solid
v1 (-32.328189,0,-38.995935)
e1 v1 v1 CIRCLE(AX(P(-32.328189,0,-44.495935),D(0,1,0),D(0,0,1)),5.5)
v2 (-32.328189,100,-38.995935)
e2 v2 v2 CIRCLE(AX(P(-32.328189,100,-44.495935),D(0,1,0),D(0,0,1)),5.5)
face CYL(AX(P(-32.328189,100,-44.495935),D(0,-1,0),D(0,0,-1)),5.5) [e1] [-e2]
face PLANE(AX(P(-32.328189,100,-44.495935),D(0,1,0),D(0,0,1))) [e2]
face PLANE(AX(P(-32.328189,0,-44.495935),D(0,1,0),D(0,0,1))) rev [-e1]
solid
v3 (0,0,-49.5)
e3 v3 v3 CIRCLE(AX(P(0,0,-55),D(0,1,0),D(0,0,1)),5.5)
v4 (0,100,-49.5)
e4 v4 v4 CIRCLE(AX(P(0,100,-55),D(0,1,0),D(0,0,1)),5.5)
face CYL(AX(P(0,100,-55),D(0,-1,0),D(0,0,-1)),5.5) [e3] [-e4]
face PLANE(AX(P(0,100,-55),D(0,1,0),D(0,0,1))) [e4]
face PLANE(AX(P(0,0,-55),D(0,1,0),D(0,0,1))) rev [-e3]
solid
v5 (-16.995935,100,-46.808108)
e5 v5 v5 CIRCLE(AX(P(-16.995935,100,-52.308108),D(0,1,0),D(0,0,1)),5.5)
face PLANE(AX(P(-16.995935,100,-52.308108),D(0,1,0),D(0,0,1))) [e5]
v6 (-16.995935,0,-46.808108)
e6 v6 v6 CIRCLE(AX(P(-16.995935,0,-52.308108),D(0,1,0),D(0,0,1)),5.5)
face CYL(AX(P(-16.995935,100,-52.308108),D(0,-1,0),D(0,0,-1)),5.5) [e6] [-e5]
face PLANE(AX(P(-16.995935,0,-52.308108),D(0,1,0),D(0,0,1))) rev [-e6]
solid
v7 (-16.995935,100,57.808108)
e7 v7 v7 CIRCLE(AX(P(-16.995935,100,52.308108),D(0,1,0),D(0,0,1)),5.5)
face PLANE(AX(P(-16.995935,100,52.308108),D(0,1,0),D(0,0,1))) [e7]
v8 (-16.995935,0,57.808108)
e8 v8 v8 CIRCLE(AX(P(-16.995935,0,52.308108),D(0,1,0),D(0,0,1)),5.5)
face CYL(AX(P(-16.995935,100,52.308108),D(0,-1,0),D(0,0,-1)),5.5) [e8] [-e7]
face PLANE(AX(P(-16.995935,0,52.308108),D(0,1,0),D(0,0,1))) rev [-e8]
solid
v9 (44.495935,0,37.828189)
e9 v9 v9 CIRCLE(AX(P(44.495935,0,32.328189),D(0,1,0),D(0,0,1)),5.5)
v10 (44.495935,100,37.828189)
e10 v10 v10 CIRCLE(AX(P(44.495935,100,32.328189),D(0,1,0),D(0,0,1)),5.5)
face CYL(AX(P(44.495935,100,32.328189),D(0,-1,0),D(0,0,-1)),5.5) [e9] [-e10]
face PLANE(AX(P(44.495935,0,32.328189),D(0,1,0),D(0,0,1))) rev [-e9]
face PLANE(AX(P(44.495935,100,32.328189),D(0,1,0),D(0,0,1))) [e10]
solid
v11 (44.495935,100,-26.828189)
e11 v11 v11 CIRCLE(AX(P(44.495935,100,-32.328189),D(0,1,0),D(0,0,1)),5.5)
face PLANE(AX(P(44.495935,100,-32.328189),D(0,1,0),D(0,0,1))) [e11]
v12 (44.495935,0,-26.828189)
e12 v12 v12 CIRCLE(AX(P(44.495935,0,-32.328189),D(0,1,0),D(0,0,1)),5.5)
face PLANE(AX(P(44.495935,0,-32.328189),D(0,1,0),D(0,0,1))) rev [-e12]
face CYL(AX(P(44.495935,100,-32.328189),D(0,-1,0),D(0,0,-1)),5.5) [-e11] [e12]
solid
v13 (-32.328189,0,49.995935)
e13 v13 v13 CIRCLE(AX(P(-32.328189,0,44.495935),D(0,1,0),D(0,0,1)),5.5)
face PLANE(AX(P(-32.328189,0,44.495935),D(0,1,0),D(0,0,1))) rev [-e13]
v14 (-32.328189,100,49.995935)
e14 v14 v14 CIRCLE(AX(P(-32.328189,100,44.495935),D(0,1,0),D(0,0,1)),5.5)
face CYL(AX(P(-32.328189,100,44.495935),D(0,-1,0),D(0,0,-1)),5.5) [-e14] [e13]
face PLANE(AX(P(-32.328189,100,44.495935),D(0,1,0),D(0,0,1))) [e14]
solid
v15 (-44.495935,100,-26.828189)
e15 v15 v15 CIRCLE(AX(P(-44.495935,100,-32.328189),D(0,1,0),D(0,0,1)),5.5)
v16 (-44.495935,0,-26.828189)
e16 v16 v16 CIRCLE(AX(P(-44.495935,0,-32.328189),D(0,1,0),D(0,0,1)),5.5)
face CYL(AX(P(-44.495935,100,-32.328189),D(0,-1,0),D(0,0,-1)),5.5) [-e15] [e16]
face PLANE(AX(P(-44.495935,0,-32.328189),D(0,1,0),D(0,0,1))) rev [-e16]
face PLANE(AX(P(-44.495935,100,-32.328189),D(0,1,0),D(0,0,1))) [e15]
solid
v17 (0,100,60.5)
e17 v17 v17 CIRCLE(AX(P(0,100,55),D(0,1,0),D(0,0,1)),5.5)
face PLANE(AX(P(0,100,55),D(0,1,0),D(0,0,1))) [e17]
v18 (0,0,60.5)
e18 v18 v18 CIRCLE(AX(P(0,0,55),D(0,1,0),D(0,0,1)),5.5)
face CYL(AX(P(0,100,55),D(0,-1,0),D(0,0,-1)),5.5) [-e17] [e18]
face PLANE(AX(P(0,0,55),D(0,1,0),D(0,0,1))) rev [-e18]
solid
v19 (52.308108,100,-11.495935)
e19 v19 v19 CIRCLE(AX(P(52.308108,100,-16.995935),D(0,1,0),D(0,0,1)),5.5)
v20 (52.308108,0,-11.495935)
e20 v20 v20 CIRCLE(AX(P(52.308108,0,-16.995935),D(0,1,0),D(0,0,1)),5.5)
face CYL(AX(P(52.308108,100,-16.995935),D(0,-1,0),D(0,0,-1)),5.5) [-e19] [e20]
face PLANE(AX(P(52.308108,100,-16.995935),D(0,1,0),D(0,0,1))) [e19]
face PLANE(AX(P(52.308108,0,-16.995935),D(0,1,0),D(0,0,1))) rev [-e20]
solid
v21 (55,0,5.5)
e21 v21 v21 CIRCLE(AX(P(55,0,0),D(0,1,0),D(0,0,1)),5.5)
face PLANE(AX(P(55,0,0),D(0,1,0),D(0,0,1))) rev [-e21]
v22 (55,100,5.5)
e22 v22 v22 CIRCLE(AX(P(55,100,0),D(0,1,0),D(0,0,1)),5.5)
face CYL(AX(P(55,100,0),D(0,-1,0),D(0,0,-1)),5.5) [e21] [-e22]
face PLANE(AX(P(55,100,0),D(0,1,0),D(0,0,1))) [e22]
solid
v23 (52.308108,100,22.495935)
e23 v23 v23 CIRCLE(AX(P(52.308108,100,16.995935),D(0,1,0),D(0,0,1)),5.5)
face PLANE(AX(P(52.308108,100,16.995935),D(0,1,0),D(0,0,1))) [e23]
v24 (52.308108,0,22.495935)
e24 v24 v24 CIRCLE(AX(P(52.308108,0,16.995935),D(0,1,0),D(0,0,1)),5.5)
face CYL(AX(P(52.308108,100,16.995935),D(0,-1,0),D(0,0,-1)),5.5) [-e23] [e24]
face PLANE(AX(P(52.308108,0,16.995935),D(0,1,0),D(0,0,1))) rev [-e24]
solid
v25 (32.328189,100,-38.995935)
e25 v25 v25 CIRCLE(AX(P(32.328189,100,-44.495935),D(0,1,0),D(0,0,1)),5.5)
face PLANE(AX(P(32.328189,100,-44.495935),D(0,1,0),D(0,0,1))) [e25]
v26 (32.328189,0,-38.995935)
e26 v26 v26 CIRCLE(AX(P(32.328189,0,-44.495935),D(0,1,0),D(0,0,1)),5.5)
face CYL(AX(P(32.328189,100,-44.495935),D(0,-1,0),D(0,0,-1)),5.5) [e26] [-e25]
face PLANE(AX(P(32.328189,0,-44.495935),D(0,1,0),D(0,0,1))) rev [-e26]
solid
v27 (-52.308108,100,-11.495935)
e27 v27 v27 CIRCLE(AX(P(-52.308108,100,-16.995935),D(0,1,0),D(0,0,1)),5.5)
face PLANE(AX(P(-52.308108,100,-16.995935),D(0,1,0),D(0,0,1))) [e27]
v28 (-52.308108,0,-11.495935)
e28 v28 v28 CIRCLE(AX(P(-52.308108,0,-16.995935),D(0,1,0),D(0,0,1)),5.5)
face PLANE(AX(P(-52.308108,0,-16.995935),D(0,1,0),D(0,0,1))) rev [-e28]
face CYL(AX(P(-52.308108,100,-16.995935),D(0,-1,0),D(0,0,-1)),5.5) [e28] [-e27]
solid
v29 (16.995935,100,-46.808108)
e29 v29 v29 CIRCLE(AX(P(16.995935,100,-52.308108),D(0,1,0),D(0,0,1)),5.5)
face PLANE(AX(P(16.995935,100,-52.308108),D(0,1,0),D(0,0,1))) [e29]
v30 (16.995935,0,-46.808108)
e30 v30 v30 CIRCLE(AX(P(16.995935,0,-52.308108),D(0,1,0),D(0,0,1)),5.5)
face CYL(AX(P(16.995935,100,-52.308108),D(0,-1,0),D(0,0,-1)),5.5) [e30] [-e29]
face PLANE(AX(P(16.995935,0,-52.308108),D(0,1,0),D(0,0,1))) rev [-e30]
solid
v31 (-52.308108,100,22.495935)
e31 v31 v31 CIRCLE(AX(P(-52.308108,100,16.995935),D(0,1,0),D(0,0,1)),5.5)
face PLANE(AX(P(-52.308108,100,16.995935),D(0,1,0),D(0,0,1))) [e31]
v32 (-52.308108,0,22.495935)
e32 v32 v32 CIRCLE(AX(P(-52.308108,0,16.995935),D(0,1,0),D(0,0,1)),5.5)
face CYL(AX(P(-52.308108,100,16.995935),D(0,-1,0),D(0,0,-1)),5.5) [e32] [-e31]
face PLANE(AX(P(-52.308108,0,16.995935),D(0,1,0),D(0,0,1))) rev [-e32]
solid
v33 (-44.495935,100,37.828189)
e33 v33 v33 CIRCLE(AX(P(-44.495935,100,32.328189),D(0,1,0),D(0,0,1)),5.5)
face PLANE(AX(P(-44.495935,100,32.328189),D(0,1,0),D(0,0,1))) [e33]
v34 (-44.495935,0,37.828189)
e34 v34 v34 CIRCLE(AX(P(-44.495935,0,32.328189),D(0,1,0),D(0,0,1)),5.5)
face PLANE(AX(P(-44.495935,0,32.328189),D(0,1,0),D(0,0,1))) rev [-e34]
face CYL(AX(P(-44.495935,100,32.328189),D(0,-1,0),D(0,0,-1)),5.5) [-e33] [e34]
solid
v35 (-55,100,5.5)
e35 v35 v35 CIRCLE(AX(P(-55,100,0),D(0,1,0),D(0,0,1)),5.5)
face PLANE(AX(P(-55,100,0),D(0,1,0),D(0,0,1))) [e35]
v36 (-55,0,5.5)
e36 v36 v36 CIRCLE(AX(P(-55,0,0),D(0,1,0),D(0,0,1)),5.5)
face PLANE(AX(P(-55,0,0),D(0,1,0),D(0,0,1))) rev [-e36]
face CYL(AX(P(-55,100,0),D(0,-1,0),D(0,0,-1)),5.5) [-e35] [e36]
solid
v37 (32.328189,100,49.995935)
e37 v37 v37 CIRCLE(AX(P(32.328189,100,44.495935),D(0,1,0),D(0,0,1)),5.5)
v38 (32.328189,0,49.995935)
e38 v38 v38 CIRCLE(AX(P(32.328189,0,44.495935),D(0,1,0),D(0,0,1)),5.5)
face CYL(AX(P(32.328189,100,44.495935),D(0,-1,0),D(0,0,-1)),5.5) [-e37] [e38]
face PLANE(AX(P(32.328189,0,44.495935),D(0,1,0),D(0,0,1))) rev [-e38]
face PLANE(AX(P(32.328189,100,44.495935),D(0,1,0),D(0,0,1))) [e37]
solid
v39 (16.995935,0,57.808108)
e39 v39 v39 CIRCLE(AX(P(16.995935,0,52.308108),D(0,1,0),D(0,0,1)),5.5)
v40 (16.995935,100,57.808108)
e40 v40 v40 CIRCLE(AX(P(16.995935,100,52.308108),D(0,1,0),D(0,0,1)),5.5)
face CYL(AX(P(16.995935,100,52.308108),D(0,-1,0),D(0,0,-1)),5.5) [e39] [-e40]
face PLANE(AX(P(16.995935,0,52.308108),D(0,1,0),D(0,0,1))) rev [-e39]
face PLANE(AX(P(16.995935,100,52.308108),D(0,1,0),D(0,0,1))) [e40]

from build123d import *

# Parameters (mm, degrees)
SKETCH1_R              = 5.5
BOSS_EXTRUDE1_DEPTH    = 100
BOSS_EXTRUDE1_2_DEPTH  = 100
BOSS_EXTRUDE1_3_DEPTH  = 100
BOSS_EXTRUDE1_4_DEPTH  = 100
BOSS_EXTRUDE1_5_DEPTH  = 100
BOSS_EXTRUDE1_6_DEPTH  = 100
BOSS_EXTRUDE1_7_DEPTH  = 100
BOSS_EXTRUDE1_8_DEPTH  = 100
BOSS_EXTRUDE1_9_DEPTH  = 100
BOSS_EXTRUDE1_10_DEPTH = 100
BOSS_EXTRUDE1_11_DEPTH = 100
BOSS_EXTRUDE1_12_DEPTH = 100
BOSS_EXTRUDE1_13_DEPTH = 100
BOSS_EXTRUDE1_14_DEPTH = 100
BOSS_EXTRUDE1_15_DEPTH = 100
BOSS_EXTRUDE1_16_DEPTH = 100
BOSS_EXTRUDE1_17_DEPTH = 100
BOSS_EXTRUDE1_18_DEPTH = 100
BOSS_EXTRUDE1_19_DEPTH = 100
BOSS_EXTRUDE1_20_DEPTH = 100


with BuildPart() as part:
    # Sketch1 → Boss-Extrude1 (new body)
    with BuildSketch(Plane(origin=(0, 0, 0), x_dir=(1, 0, 0), z_dir=(0, 1, 0))):
        with Locations((55, 0)):
            Circle(SKETCH1_R)
    extrude(amount=BOSS_EXTRUDE1_DEPTH)


with BuildPart() as body_2:
    # Sketch1 → Boss-Extrude1 2 (new body)
    with BuildSketch(Plane(origin=(0, 0, 0), x_dir=(1, 0, 0), z_dir=(0, 1, 0))):
        with Locations((52.308108396, -16.995934691)):
            Circle(SKETCH1_R)
    extrude(amount=BOSS_EXTRUDE1_2_DEPTH)


with BuildPart() as body_3:
    # Sketch1 → Boss-Extrude1 3 (new body)
    with BuildSketch(Plane(origin=(0, 0, 0), x_dir=(1, 0, 0), z_dir=(0, 1, 0))):
        with Locations((44.495934691, -32.328188876)):
            Circle(SKETCH1_R)
    extrude(amount=BOSS_EXTRUDE1_3_DEPTH)


with BuildPart() as body_4:
    # Sketch1 → Boss-Extrude1 4 (new body)
    with BuildSketch(Plane(origin=(0, 0, 0), x_dir=(1, 0, 0), z_dir=(0, 1, 0))):
        with Locations((32.328188876, -44.495934691)):
            Circle(SKETCH1_R)
    extrude(amount=BOSS_EXTRUDE1_4_DEPTH)


with BuildPart() as body_5:
    # Sketch1 → Boss-Extrude1 5 (new body)
    with BuildSketch(Plane(origin=(0, 0, 0), x_dir=(1, 0, 0), z_dir=(0, 1, 0))):
        with Locations((16.995934691, -52.308108396)):
            Circle(SKETCH1_R)
    extrude(amount=BOSS_EXTRUDE1_5_DEPTH)


with BuildPart() as body_6:
    # Sketch1 → Boss-Extrude1 6 (new body)
    with BuildSketch(Plane(origin=(0, 0, 0), x_dir=(1, 0, 0), z_dir=(0, 1, 0))):
        with Locations((0, -55)):
            Circle(SKETCH1_R)
    extrude(amount=BOSS_EXTRUDE1_6_DEPTH)


with BuildPart() as body_7:
    # Sketch1 → Boss-Extrude1 7 (new body)
    with BuildSketch(Plane(origin=(0, 0, 0), x_dir=(1, 0, 0), z_dir=(0, 1, 0))):
        with Locations((-16.995934691, -52.308108396)):
            Circle(SKETCH1_R)
    extrude(amount=BOSS_EXTRUDE1_7_DEPTH)


with BuildPart() as body_8:
    # Sketch1 → Boss-Extrude1 8 (new body)
    with BuildSketch(Plane(origin=(0, 0, 0), x_dir=(1, 0, 0), z_dir=(0, 1, 0))):
        with Locations((-32.328188876, -44.495934691)):
            Circle(SKETCH1_R)
    extrude(amount=BOSS_EXTRUDE1_8_DEPTH)


with BuildPart() as body_9:
    # Sketch1 → Boss-Extrude1 9 (new body)
    with BuildSketch(Plane(origin=(0, 0, 0), x_dir=(1, 0, 0), z_dir=(0, 1, 0))):
        with Locations((-44.495934691, -32.328188876)):
            Circle(SKETCH1_R)
    extrude(amount=BOSS_EXTRUDE1_9_DEPTH)


with BuildPart() as body_10:
    # Sketch1 → Boss-Extrude1 10 (new body)
    with BuildSketch(Plane(origin=(0, 0, 0), x_dir=(1, 0, 0), z_dir=(0, 1, 0))):
        with Locations((-52.308108396, -16.995934691)):
            Circle(SKETCH1_R)
    extrude(amount=BOSS_EXTRUDE1_10_DEPTH)


with BuildPart() as body_11:
    # Sketch1 → Boss-Extrude1 11 (new body)
    with BuildSketch(Plane(origin=(0, 0, 0), x_dir=(1, 0, 0), z_dir=(0, 1, 0))):
        with Locations((-55, 0)):
            Circle(SKETCH1_R)
    extrude(amount=BOSS_EXTRUDE1_11_DEPTH)


with BuildPart() as body_12:
    # Sketch1 → Boss-Extrude1 12 (new body)
    with BuildSketch(Plane(origin=(0, 0, 0), x_dir=(1, 0, 0), z_dir=(0, 1, 0))):
        with Locations((-52.308108396, 16.995934691)):
            Circle(SKETCH1_R)
    extrude(amount=BOSS_EXTRUDE1_12_DEPTH)


with BuildPart() as body_13:
    # Sketch1 → Boss-Extrude1 13 (new body)
    with BuildSketch(Plane(origin=(0, 0, 0), x_dir=(1, 0, 0), z_dir=(0, 1, 0))):
        with Locations((-44.495934691, 32.328188876)):
            Circle(SKETCH1_R)
    extrude(amount=BOSS_EXTRUDE1_13_DEPTH)


with BuildPart() as body_14:
    # Sketch1 → Boss-Extrude1 14 (new body)
    with BuildSketch(Plane(origin=(0, 0, 0), x_dir=(1, 0, 0), z_dir=(0, 1, 0))):
        with Locations((-32.328188876, 44.495934691)):
            Circle(SKETCH1_R)
    extrude(amount=BOSS_EXTRUDE1_14_DEPTH)


with BuildPart() as body_15:
    # Sketch1 → Boss-Extrude1 15 (new body)
    with BuildSketch(Plane(origin=(0, 0, 0), x_dir=(1, 0, 0), z_dir=(0, 1, 0))):
        with Locations((-16.995934691, 52.308108396)):
            Circle(SKETCH1_R)
    extrude(amount=BOSS_EXTRUDE1_15_DEPTH)


with BuildPart() as body_16:
    # Sketch1 → Boss-Extrude1 16 (new body)
    with BuildSketch(Plane(origin=(0, 0, 0), x_dir=(1, 0, 0), z_dir=(0, 1, 0))):
        with Locations((0, 55)):
            Circle(SKETCH1_R)
    extrude(amount=BOSS_EXTRUDE1_16_DEPTH)


with BuildPart() as body_17:
    # Sketch1 → Boss-Extrude1 17 (new body)
    with BuildSketch(Plane(origin=(0, 0, 0), x_dir=(1, 0, 0), z_dir=(0, 1, 0))):
        with Locations((16.995934691, 52.308108396)):
            Circle(SKETCH1_R)
    extrude(amount=BOSS_EXTRUDE1_17_DEPTH)


with BuildPart() as body_18:
    # Sketch1 → Boss-Extrude1 18 (new body)
    with BuildSketch(Plane(origin=(0, 0, 0), x_dir=(1, 0, 0), z_dir=(0, 1, 0))):
        with Locations((32.328188876, 44.495934691)):
            Circle(SKETCH1_R)
    extrude(amount=BOSS_EXTRUDE1_18_DEPTH)


with BuildPart() as body_19:
    # Sketch1 → Boss-Extrude1 19 (new body)
    with BuildSketch(Plane(origin=(0, 0, 0), x_dir=(1, 0, 0), z_dir=(0, 1, 0))):
        with Locations((44.495934691, 32.328188876)):
            Circle(SKETCH1_R)
    extrude(amount=BOSS_EXTRUDE1_19_DEPTH)


with BuildPart() as body_20:
    # Sketch1 → Boss-Extrude1 20 (new body)
    with BuildSketch(Plane(origin=(0, 0, 0), x_dir=(1, 0, 0), z_dir=(0, 1, 0))):
        with Locations((52.308108396, 16.995934691)):
            Circle(SKETCH1_R)
    extrude(amount=BOSS_EXTRUDE1_20_DEPTH)


solid = Compound([part.part, body_2.part, body_3.part, body_4.part, body_5.part, body_6.part, body_7.part, body_8.part, body_9.part, body_10.part, body_11.part, body_12.part, body_13.part, body_14.part, body_15.part, body_16.part, body_17.part, body_18.part, body_19.part, body_20.part])
